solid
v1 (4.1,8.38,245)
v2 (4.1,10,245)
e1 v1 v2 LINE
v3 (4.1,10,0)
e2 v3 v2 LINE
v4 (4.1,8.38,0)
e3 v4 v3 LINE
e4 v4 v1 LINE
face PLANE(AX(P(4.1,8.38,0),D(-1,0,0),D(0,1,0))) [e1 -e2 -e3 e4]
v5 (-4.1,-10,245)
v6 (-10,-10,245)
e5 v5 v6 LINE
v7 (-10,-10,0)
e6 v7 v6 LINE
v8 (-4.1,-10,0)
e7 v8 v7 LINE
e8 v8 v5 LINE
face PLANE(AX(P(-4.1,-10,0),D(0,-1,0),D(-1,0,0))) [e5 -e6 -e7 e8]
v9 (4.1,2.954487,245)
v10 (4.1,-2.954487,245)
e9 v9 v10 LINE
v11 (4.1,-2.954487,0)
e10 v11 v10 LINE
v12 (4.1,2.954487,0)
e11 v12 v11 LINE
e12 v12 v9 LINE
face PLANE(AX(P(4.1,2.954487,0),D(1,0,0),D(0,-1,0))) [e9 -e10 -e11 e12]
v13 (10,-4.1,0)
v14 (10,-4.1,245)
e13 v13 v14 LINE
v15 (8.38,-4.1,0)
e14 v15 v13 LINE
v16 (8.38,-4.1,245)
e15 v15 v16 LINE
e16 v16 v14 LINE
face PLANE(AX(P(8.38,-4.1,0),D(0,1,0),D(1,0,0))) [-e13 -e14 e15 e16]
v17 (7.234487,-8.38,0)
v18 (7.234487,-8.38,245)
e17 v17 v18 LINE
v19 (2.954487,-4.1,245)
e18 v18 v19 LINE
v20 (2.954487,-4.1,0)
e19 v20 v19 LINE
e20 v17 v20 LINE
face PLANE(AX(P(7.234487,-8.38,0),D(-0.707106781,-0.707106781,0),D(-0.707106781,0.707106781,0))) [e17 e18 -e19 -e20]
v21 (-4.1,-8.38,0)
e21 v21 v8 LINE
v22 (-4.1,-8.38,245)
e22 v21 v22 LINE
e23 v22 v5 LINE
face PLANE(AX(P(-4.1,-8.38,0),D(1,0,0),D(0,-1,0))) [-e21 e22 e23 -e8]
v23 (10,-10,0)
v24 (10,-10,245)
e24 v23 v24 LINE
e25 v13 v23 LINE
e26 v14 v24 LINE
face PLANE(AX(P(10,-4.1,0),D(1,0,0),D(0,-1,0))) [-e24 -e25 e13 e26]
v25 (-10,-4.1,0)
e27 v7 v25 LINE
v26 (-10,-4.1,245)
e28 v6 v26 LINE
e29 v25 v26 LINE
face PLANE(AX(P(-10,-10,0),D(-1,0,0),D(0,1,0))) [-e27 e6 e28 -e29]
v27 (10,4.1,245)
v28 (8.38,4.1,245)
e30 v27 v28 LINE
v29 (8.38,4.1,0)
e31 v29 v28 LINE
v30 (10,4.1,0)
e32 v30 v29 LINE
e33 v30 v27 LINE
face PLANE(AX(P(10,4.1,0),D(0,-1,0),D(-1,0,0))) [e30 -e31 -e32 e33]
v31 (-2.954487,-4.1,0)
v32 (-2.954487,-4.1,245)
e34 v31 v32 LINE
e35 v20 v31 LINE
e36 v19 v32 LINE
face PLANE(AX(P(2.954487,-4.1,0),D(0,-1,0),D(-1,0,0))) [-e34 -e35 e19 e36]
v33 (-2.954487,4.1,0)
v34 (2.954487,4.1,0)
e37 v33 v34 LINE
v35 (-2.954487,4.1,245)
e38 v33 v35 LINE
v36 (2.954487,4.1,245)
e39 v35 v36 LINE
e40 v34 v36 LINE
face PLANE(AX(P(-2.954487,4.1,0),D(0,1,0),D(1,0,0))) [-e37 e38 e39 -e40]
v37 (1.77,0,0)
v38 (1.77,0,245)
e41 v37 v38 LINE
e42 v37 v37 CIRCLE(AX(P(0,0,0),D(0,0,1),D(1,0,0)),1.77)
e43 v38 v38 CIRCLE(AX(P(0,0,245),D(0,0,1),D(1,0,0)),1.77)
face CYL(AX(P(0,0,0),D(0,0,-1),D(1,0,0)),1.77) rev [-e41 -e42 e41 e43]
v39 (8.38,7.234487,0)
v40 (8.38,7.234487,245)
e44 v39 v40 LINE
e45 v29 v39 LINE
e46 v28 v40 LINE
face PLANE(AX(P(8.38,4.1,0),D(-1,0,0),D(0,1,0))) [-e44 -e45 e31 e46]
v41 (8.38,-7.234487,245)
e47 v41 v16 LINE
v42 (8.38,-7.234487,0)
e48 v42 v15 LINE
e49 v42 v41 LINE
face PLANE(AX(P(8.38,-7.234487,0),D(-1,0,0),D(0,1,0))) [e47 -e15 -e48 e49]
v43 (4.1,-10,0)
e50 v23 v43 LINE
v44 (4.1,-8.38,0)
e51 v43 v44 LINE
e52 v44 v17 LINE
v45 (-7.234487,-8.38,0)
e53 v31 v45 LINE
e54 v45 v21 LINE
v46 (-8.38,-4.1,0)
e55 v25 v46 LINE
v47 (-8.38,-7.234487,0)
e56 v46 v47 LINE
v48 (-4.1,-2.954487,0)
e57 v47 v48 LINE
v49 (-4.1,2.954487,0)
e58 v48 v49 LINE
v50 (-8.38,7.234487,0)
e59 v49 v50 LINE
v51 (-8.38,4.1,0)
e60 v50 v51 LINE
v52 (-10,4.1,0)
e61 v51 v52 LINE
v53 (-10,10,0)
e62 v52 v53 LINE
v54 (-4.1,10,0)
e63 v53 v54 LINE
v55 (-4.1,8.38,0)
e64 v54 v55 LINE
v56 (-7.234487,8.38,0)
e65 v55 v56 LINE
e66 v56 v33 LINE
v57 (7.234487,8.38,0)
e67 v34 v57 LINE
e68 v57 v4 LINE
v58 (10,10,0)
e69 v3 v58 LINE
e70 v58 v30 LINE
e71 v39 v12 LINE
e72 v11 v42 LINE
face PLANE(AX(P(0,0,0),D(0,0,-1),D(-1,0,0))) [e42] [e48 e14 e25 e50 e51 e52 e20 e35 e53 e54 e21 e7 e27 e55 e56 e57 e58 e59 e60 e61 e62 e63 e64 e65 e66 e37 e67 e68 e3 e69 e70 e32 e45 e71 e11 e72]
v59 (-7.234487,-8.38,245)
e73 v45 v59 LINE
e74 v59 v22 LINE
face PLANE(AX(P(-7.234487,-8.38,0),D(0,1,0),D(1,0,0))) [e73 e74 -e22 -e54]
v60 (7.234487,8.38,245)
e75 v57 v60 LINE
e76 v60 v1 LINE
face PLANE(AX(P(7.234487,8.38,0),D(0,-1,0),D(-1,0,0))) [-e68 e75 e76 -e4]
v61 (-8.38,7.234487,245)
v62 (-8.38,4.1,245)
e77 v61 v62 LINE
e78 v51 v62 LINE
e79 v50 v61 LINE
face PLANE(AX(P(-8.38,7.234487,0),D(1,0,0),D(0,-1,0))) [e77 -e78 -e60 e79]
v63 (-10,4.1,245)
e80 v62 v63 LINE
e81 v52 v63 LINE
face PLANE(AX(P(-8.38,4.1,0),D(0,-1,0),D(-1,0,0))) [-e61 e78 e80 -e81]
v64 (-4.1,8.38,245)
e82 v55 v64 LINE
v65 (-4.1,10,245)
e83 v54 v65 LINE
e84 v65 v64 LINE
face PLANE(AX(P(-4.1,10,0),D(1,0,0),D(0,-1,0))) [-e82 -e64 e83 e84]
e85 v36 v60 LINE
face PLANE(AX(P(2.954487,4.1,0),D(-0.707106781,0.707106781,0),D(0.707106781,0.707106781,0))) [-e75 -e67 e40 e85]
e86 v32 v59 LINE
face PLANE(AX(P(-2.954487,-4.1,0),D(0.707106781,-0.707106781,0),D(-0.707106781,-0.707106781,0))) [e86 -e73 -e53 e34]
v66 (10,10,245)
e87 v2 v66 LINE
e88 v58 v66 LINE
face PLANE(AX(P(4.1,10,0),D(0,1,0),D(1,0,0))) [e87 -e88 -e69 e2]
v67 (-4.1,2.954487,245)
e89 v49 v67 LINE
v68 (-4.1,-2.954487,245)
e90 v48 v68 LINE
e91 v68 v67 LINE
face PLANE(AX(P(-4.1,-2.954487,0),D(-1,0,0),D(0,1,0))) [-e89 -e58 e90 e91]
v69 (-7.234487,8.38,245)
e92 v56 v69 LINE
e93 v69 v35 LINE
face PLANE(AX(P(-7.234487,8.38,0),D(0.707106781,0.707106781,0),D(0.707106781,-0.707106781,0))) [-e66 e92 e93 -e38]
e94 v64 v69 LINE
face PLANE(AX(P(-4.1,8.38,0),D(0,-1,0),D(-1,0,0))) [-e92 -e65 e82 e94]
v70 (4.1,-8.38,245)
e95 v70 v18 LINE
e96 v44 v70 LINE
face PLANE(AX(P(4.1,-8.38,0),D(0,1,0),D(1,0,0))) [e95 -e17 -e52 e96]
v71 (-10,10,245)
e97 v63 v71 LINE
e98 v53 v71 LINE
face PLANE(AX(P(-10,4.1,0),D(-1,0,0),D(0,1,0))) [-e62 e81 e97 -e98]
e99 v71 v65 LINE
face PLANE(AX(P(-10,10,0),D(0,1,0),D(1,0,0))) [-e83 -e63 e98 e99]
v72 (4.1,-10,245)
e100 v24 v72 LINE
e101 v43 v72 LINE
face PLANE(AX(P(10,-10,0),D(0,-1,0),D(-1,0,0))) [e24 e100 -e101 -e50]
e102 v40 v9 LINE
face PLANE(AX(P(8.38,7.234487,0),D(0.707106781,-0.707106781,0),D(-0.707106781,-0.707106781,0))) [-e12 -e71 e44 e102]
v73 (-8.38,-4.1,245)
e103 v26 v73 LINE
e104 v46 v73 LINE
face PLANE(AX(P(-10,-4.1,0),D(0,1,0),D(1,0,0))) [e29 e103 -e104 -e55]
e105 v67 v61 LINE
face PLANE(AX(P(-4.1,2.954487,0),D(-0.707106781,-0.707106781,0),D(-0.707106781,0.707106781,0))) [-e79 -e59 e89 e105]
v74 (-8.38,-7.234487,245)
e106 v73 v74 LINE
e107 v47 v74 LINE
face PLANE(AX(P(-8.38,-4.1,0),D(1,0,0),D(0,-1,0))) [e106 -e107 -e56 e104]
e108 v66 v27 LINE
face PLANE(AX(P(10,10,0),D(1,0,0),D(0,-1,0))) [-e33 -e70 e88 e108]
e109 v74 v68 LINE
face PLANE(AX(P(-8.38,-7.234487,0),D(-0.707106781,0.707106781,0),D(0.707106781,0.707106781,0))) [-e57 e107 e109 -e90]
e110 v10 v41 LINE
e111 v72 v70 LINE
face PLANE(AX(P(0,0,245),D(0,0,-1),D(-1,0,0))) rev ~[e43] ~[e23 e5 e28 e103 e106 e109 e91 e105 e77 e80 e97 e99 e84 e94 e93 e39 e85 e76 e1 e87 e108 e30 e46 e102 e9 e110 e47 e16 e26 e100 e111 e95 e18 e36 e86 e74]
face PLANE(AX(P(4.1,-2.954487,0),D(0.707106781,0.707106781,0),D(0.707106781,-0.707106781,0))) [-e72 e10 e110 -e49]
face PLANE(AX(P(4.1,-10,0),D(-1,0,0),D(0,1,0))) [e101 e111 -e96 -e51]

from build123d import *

# Parameters (mm, degrees)
SKETCH1_R           = 1.77
BOSS_EXTRUDE1_DEPTH = 245


with BuildPart() as part:
    # Sketch1 → Boss-Extrude1 (new body)
    with BuildSketch(Plane.XY):
        Polygon((-8.38, 4.1), (-10, 4.1), (-10, 10), (-4.1, 10), (-4.1, 8.38), (-7.234487014, 8.38), (-2.954487014, 4.1), (2.954487014, 4.1), (7.234487014, 8.38), (4.1, 8.38), (4.1, 10), (10, 10), (10, 4.1), (8.38, 4.1), (8.38, 7.234487014), (4.1, 2.954487014), (4.1, -2.954487014), (8.38, -7.234487014), (8.38, -4.1), (10, -4.1), (10, -10), (4.1, -10), (4.1, -8.38), (7.234487014, -8.38), (2.954487014, -4.1), (-2.954487014, -4.1), (-7.234487014, -8.38), (-4.1, -8.38), (-4.1, -10), (-10, -10), (-10, -4.1), (-8.38, -4.1), (-8.38, -7.234487014), (-4.1, -2.954487014), (-4.1, 2.954487014), (-8.38, 7.234487014), align=None)
        Circle(SKETCH1_R, mode=Mode.SUBTRACT)
    extrude(amount=BOSS_EXTRUDE1_DEPTH)


solid = part.part
